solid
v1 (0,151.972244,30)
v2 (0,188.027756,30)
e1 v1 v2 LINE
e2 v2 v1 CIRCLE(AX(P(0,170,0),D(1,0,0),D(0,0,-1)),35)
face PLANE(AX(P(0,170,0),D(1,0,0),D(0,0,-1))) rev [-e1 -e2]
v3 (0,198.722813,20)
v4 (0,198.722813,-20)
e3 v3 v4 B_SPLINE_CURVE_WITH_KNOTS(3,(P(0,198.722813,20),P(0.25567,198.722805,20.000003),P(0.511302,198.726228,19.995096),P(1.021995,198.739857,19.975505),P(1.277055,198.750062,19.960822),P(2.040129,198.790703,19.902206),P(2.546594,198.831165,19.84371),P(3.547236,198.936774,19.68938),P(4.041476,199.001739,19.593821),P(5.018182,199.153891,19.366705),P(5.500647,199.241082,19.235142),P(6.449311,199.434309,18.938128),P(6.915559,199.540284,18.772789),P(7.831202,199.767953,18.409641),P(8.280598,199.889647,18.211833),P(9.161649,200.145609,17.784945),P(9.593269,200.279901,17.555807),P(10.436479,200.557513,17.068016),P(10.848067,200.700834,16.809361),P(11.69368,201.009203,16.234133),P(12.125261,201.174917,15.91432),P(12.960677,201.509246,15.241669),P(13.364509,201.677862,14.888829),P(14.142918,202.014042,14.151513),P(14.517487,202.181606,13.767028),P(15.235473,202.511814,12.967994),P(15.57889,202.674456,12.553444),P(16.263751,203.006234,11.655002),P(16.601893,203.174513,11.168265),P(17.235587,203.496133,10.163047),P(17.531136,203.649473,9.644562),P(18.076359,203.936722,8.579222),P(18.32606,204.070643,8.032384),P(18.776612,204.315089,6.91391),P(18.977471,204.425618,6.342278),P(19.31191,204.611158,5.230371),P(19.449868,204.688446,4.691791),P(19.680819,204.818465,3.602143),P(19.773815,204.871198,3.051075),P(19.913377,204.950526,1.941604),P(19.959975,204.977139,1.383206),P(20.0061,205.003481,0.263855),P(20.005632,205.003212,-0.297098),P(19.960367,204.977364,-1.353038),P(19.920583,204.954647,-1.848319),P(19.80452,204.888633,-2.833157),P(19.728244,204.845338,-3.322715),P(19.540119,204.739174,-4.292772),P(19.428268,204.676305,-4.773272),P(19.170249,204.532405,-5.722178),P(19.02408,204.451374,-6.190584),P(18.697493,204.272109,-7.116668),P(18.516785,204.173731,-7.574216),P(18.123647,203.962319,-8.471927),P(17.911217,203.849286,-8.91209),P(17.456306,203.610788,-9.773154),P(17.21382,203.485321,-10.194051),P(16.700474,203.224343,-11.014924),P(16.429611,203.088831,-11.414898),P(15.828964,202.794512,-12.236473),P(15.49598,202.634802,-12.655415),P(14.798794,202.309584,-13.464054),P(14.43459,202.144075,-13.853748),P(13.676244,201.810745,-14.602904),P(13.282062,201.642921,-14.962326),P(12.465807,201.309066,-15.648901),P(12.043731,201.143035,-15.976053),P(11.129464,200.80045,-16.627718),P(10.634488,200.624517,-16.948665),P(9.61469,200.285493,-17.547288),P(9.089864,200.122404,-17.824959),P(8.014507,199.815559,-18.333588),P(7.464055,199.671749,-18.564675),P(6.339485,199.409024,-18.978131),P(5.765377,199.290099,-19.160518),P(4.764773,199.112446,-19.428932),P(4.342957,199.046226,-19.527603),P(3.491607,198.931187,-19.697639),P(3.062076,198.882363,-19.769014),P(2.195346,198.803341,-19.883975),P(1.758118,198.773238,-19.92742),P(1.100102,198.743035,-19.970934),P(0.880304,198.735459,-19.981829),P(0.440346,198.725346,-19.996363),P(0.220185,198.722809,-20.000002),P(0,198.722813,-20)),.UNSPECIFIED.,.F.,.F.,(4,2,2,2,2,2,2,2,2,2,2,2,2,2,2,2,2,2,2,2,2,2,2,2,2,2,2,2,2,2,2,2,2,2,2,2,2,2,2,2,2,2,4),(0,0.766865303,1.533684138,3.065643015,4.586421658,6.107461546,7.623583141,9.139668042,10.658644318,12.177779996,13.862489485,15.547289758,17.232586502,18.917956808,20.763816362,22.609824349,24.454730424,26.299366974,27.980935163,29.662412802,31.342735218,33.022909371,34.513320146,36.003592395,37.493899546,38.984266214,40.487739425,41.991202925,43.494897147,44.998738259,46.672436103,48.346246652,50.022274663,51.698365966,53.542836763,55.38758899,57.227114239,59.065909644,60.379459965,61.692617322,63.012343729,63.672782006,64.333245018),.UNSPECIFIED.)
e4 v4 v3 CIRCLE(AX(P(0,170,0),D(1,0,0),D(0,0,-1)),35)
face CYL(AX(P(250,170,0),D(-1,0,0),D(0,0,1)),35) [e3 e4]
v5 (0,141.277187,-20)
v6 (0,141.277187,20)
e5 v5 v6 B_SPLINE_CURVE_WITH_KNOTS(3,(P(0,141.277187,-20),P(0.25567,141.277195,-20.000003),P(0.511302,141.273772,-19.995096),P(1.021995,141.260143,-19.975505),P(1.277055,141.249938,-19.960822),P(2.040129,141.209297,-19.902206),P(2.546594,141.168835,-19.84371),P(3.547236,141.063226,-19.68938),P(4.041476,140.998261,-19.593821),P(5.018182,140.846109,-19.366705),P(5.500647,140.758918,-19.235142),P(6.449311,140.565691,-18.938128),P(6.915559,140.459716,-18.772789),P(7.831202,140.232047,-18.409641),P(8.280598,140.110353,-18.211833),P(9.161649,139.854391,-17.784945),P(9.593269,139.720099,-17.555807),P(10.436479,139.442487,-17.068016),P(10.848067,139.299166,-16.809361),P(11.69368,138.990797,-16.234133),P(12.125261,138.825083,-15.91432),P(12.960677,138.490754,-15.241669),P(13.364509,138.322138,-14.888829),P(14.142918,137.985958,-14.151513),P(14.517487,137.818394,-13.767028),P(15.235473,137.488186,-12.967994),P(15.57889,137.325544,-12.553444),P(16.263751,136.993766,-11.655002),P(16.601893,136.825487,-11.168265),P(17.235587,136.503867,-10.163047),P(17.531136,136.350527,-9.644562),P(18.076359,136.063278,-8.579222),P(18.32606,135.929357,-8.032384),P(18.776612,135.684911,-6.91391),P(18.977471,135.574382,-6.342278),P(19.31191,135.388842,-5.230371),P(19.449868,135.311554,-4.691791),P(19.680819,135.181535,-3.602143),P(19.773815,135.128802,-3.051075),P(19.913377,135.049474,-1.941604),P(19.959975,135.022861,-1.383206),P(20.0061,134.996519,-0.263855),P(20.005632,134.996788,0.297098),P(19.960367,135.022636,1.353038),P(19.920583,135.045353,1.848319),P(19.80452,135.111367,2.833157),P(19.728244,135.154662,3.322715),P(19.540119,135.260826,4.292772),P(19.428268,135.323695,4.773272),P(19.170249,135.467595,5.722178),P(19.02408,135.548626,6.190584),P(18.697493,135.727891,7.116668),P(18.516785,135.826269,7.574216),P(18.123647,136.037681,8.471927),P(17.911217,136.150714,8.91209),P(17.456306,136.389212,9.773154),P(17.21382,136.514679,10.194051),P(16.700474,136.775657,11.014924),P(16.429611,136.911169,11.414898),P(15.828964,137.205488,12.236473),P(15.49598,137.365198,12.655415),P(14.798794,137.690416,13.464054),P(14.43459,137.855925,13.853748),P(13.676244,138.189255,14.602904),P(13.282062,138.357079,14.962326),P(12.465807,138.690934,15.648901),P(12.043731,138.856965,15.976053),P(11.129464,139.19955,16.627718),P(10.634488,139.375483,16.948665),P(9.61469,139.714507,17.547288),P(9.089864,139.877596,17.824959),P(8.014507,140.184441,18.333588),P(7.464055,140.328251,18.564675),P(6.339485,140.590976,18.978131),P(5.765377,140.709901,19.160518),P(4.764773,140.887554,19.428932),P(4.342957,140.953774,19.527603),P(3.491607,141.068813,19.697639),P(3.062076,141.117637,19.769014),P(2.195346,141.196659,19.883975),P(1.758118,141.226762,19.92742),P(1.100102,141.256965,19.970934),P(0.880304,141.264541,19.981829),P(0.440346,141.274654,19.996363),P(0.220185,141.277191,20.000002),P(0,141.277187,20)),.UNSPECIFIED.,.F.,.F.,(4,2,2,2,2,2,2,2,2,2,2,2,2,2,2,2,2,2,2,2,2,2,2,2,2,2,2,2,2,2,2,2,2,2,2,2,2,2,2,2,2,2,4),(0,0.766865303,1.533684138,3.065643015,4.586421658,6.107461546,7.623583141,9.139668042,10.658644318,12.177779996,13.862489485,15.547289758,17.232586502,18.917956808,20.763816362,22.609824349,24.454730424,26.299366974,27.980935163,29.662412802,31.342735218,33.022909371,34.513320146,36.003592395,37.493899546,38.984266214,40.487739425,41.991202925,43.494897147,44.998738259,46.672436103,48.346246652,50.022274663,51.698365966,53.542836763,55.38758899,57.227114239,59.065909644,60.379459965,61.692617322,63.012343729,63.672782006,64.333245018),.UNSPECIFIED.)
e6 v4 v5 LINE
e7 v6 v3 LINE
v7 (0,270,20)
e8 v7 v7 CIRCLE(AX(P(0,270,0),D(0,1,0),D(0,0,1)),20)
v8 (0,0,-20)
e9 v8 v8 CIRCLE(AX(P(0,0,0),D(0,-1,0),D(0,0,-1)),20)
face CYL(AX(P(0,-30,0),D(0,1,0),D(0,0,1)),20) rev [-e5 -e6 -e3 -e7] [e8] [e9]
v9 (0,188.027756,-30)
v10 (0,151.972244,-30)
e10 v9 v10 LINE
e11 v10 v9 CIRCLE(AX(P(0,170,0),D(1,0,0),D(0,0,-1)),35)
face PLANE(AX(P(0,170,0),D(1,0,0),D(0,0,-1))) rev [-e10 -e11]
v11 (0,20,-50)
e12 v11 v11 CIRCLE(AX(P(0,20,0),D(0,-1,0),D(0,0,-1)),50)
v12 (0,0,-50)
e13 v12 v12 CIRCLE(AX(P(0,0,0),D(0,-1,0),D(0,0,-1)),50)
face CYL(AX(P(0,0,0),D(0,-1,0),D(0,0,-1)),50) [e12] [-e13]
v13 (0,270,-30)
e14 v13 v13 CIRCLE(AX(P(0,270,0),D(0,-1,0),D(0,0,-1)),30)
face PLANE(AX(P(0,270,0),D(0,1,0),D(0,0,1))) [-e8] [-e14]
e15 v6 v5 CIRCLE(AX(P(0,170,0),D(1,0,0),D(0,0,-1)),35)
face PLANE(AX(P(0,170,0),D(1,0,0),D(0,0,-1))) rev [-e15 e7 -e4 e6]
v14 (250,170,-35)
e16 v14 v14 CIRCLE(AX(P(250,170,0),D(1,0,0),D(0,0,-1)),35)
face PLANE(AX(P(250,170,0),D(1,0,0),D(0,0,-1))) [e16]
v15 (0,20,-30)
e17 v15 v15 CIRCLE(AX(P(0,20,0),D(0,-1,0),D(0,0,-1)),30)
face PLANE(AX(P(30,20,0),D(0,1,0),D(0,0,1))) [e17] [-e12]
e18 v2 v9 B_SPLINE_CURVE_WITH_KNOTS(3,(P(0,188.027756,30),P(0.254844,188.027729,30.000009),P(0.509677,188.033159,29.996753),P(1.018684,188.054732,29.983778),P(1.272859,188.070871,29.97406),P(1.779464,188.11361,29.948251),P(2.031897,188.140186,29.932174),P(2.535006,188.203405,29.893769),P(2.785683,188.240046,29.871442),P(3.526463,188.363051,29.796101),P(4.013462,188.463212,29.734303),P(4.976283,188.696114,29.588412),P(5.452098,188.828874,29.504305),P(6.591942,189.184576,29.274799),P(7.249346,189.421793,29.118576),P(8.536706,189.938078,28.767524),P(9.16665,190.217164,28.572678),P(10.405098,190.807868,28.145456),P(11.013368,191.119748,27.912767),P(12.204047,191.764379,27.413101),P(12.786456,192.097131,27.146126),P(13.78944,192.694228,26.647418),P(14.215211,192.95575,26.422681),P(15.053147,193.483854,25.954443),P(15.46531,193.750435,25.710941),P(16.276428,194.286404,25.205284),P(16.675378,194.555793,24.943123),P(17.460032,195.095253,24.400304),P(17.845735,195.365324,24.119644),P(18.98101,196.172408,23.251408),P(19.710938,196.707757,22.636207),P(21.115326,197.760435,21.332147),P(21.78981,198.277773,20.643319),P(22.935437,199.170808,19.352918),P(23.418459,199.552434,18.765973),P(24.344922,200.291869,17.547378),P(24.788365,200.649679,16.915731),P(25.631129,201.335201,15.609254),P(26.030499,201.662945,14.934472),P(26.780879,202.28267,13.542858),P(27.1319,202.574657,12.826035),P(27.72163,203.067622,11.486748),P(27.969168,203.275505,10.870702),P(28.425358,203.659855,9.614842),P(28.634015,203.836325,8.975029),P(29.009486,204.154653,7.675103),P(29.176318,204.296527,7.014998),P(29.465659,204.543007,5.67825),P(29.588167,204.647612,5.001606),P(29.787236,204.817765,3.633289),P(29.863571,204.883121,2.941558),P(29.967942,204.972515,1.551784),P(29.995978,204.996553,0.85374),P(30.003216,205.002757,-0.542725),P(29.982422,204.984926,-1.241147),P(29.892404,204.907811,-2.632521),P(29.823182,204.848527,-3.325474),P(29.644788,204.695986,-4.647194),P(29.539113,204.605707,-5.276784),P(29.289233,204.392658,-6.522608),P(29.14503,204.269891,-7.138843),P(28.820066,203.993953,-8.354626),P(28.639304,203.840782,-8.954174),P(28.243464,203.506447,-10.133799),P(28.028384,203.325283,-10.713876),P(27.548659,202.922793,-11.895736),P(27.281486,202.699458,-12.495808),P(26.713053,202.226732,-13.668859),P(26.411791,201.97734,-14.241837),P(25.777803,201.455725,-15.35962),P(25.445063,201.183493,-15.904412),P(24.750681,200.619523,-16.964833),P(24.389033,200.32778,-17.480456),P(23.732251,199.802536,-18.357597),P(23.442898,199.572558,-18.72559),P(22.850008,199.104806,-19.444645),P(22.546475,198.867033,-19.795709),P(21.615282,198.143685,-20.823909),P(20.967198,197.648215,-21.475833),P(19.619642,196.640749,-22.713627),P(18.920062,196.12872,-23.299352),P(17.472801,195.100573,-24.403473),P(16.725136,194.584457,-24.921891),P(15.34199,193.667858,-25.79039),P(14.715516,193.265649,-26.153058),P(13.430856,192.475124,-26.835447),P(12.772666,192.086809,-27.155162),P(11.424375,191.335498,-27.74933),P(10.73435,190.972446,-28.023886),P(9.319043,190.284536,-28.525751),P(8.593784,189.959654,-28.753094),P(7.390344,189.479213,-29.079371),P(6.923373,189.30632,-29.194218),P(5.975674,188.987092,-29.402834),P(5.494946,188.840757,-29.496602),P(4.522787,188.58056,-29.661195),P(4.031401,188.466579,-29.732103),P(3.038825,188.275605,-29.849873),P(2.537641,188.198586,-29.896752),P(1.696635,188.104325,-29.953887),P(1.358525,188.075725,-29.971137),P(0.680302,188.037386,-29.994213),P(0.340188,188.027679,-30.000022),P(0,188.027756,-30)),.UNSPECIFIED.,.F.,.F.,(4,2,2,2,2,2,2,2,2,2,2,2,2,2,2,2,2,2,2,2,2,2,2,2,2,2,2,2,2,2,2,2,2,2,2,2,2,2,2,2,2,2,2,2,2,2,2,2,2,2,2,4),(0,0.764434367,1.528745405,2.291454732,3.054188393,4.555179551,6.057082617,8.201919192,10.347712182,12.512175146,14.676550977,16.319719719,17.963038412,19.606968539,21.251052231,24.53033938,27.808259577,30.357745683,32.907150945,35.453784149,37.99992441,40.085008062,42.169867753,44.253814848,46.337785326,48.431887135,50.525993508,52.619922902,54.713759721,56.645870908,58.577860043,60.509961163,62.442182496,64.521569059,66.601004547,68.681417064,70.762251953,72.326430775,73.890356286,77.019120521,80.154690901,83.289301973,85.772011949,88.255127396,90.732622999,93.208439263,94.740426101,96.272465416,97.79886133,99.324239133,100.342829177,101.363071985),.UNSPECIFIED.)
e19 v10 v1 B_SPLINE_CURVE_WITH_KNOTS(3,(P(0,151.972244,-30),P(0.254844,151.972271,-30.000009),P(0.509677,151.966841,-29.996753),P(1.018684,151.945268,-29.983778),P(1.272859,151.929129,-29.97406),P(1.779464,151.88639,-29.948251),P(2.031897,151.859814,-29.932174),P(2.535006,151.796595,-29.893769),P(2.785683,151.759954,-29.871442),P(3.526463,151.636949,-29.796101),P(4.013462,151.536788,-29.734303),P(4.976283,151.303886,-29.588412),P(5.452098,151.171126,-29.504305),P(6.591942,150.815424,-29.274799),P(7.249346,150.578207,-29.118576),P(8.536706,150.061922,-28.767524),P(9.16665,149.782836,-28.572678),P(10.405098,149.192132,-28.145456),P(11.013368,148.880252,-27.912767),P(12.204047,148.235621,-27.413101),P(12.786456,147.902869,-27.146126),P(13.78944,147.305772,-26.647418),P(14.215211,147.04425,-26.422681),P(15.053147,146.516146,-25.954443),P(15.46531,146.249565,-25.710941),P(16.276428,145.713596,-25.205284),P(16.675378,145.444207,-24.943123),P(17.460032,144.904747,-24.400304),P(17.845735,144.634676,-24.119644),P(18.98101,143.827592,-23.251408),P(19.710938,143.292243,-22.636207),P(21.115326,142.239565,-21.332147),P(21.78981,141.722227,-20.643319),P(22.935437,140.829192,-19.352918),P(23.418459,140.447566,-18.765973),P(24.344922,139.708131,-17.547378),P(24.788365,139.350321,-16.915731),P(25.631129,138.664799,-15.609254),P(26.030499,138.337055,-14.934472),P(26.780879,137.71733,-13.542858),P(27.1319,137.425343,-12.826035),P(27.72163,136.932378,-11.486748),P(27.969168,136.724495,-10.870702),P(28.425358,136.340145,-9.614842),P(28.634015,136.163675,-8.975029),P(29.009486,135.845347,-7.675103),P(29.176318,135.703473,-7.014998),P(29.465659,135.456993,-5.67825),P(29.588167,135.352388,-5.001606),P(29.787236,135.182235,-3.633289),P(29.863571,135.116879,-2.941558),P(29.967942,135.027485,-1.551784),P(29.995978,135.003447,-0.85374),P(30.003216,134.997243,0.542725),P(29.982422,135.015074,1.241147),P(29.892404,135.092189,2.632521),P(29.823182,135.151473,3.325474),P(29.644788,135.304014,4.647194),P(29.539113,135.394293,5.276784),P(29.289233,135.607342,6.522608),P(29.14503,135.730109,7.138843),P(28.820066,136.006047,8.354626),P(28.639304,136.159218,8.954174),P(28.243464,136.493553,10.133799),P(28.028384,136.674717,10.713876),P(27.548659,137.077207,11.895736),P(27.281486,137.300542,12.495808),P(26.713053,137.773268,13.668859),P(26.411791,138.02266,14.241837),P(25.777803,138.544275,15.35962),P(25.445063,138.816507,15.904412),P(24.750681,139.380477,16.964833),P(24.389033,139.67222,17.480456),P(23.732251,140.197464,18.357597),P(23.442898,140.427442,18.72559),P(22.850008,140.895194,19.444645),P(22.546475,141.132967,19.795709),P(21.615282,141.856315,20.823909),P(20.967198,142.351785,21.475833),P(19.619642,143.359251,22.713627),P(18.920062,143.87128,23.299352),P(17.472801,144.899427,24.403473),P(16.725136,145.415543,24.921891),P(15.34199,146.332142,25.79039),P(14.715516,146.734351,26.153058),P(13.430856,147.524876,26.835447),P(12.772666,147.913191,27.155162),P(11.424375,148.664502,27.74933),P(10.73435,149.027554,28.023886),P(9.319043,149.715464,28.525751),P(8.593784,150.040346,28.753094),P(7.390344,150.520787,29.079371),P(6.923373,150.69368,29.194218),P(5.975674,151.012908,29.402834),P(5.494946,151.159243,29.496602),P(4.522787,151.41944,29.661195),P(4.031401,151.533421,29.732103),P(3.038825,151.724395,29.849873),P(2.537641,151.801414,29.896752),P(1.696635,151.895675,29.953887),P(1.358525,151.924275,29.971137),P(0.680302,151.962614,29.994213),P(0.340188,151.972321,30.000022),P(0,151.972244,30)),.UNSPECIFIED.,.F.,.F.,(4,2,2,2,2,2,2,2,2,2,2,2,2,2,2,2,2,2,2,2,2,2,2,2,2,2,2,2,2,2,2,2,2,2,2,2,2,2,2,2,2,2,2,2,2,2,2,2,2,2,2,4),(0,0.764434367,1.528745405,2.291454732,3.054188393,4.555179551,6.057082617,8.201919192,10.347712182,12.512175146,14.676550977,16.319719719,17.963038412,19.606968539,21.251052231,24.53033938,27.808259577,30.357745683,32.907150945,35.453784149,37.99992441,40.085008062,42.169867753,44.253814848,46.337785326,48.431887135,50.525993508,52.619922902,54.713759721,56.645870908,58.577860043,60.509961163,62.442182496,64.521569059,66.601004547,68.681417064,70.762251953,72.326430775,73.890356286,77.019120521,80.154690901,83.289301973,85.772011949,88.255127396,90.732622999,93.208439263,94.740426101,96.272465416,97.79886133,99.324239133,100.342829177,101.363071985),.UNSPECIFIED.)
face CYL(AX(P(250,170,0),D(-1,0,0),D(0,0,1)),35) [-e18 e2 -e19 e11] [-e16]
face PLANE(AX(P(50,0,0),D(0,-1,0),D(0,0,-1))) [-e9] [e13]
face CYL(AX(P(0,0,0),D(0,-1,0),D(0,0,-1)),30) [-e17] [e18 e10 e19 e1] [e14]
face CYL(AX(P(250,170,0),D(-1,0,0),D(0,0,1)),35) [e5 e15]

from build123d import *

# Parameters (mm, degrees)
SKETCH4_R           = 20
CUT_EXTRUDE1_DEPTH  = 300
SKETCH5_R           = 35
BOSS_EXTRUDE1_DEPTH = 250


with BuildPart() as part:
    # Sketch1 → Revolve1 (revolve)
    with BuildSketch(Plane.XY, mode=Mode.PRIVATE) as revolve1_sk:
        Polygon((0, 0), (0, 270), (30, 270), (30, 20), (50, 20), (50, 0), align=None)
    revolve(revolve1_sk.sketch.rotate(Axis((0, 0, 0), (0, 1, 0)), 90), axis=Axis((0, 0, 0), (0, 1, 0)))

    # Sketch4 → Cut-Extrude1 (cut)
    with BuildSketch(Plane(origin=(0, 270, 0), x_dir=(1, 0, 0), z_dir=(0, 1, 0))):
        with Locations(Location((0, 0, 0), (0, 0, 270))):
            Circle(SKETCH4_R)
    extrude(amount=-CUT_EXTRUDE1_DEPTH, mode=Mode.SUBTRACT)

    # Sketch5 → Boss-Extrude1 (add)
    with BuildSketch(Plane(origin=(0, 0, 0), x_dir=(0, 0, -1), z_dir=(1, 0, 0))):
        with Locations(Location((0, 170, 0), (0, 0, 211.002719134))):
            Circle(SKETCH5_R)
    extrude(amount=BOSS_EXTRUDE1_DEPTH)


solid = part.part
